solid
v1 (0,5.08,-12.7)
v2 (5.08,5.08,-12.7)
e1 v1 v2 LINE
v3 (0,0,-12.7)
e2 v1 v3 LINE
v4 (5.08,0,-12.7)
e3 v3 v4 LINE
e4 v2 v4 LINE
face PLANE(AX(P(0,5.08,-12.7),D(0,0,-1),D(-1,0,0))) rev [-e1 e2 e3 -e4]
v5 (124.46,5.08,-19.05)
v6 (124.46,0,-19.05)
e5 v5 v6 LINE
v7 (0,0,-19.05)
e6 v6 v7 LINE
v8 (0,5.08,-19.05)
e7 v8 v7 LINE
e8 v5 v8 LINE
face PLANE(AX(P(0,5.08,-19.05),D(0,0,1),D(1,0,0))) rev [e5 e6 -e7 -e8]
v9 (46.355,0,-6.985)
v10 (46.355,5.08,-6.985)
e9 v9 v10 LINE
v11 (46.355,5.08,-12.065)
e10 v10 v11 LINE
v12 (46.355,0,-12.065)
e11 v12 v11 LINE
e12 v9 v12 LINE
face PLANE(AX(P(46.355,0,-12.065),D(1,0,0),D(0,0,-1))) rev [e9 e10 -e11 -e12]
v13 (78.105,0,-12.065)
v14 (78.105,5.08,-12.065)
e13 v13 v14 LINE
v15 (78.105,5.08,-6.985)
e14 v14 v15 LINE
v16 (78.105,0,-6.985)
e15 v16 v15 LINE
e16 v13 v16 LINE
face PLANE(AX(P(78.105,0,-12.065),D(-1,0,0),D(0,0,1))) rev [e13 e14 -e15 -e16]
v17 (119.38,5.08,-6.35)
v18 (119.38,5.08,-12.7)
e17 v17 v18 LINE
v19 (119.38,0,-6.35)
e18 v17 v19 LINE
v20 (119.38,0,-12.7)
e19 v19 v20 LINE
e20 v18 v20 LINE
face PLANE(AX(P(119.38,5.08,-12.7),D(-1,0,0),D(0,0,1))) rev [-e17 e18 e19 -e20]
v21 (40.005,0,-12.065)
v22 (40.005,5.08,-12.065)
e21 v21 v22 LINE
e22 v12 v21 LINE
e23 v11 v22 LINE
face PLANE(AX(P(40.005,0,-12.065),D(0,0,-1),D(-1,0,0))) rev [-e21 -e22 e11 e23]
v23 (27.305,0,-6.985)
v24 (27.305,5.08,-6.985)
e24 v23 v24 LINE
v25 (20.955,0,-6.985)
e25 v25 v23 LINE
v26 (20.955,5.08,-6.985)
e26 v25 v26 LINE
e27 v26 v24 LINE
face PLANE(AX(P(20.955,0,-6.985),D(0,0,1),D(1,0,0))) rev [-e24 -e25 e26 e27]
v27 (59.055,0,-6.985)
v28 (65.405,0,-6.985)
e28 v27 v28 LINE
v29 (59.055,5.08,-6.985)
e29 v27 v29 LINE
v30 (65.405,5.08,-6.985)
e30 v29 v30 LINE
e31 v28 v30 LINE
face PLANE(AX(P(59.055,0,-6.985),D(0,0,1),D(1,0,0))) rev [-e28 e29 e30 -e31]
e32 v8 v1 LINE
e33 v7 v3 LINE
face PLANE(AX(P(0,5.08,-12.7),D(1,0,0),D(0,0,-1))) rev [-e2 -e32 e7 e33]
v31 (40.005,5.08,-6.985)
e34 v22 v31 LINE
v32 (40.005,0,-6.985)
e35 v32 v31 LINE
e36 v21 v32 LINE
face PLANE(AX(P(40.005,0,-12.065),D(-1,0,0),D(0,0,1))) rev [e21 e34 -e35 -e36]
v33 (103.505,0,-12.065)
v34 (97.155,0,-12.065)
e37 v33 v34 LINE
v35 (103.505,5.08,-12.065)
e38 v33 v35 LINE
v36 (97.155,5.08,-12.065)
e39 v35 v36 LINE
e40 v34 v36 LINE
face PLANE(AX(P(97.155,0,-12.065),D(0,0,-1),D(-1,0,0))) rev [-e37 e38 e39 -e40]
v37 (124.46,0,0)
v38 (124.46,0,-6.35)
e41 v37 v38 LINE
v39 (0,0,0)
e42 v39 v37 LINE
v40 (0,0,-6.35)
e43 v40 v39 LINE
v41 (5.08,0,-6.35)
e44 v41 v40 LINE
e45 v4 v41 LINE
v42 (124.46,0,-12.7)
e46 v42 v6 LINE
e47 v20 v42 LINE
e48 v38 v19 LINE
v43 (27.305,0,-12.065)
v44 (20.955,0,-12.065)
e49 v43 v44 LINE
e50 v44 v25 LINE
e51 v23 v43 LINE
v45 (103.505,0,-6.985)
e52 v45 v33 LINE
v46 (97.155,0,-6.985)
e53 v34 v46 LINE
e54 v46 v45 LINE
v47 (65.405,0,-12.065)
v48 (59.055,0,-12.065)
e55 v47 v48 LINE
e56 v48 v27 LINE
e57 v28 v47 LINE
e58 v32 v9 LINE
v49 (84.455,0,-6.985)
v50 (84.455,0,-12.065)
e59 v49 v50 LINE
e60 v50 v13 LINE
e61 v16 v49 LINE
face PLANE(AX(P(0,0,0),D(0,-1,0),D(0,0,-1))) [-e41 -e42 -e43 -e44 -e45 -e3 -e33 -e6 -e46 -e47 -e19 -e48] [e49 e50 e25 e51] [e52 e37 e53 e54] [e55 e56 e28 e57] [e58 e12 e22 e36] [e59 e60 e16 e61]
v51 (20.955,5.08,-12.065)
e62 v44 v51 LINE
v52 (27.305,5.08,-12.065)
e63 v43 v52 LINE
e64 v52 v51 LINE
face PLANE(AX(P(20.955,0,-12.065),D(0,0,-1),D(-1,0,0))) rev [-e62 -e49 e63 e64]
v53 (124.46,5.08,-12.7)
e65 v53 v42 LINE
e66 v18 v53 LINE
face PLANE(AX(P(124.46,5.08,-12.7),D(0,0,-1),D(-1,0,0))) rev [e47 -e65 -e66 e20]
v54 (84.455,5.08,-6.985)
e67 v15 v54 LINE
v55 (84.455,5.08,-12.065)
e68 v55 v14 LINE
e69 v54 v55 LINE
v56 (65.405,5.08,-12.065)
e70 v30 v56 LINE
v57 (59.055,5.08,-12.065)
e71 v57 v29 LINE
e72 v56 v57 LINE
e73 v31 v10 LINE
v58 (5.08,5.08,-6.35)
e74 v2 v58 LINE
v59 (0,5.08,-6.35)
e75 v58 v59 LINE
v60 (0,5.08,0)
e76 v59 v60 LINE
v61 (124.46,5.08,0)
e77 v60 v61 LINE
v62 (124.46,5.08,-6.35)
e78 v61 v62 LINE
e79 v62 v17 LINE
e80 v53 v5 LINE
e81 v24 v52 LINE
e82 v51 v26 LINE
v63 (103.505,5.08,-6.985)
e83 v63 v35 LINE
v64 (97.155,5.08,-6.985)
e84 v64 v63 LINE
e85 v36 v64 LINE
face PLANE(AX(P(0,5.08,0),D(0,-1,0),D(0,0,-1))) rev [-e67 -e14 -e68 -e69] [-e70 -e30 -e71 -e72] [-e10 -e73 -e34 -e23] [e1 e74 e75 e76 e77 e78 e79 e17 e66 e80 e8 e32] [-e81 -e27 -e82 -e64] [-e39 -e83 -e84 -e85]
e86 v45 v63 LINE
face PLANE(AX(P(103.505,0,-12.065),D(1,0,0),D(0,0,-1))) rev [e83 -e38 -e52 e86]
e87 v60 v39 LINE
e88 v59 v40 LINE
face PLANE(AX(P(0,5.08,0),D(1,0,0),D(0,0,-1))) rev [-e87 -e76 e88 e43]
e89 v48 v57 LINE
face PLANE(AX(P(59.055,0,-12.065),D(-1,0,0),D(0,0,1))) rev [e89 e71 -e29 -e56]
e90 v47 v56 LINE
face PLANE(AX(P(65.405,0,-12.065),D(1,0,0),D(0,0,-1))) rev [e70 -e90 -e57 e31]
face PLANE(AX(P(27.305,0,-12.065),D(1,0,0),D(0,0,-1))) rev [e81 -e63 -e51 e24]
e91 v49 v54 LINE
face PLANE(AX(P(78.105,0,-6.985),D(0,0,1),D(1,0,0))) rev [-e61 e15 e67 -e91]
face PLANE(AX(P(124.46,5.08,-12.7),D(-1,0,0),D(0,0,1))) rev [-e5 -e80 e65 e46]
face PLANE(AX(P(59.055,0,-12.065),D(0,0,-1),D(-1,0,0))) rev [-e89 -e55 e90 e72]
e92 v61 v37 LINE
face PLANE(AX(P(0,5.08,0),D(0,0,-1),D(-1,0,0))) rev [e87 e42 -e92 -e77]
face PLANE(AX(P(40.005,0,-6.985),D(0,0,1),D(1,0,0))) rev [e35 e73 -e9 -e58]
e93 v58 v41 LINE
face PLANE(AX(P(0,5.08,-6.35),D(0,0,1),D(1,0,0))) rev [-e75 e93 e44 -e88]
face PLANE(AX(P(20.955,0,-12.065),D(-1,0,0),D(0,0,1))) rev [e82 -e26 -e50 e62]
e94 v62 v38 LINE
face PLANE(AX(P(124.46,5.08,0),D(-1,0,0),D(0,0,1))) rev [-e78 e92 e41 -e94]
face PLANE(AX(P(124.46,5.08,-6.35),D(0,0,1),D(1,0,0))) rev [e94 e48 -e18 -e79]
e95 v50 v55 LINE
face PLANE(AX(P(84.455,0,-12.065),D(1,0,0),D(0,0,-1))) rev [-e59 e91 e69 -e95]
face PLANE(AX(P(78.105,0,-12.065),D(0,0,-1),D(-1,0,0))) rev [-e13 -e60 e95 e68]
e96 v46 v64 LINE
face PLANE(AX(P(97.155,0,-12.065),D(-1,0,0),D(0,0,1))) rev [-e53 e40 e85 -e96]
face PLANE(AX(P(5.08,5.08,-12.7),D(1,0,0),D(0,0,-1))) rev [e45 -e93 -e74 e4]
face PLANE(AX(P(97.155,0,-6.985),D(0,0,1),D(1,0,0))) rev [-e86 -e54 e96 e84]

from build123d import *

# Parameters (mm, degrees)
BOSS_EXTRUDE1_DEPTH = 5.08
SKETCH2_W           = 6.35
SKETCH2_H           = 5.08
CUT_EXTRUDE1_DEPTH  = 6.08
LPATTERN1_COUNT     = 5
LPATTERN1_PITCH     = 19.05


with BuildPart() as part:
    # Sketch1 → Boss-Extrude1 (new body)
    with BuildSketch(Plane(origin=(0, 0, 0), x_dir=(1, 0, 0), z_dir=(0, 1, 0))):
        Polygon((0, 12.7), (0, 19.05), (124.46, 19.05), (124.46, 12.7), (119.38, 12.7), (119.38, 6.35), (124.46, 6.35), (124.46, 0), (0, 0), (0, 6.35), (5.08, 6.35), (5.08, 12.7), align=None)
    extrude(amount=BOSS_EXTRUDE1_DEPTH)

    # Sketch2 → Cut-Extrude1 (cut, through all)
    with BuildSketch(Plane(origin=(0, 5.08, 0), x_dir=(1, 0, 0), z_dir=(0, 1, 0))):
        with Locations((24.13, 9.525)):
            Rectangle(SKETCH2_W, SKETCH2_H)
    cut_extrude1 = extrude(amount=-CUT_EXTRUDE1_DEPTH, mode=Mode.SUBTRACT)

    # LPattern1: Cut-Extrude1 ×5
    with Locations(*[(i * LPATTERN1_PITCH, 0, 0) for i in range(1, LPATTERN1_COUNT)]):
        add(cut_extrude1, mode=Mode.SUBTRACT)


solid = part.part
